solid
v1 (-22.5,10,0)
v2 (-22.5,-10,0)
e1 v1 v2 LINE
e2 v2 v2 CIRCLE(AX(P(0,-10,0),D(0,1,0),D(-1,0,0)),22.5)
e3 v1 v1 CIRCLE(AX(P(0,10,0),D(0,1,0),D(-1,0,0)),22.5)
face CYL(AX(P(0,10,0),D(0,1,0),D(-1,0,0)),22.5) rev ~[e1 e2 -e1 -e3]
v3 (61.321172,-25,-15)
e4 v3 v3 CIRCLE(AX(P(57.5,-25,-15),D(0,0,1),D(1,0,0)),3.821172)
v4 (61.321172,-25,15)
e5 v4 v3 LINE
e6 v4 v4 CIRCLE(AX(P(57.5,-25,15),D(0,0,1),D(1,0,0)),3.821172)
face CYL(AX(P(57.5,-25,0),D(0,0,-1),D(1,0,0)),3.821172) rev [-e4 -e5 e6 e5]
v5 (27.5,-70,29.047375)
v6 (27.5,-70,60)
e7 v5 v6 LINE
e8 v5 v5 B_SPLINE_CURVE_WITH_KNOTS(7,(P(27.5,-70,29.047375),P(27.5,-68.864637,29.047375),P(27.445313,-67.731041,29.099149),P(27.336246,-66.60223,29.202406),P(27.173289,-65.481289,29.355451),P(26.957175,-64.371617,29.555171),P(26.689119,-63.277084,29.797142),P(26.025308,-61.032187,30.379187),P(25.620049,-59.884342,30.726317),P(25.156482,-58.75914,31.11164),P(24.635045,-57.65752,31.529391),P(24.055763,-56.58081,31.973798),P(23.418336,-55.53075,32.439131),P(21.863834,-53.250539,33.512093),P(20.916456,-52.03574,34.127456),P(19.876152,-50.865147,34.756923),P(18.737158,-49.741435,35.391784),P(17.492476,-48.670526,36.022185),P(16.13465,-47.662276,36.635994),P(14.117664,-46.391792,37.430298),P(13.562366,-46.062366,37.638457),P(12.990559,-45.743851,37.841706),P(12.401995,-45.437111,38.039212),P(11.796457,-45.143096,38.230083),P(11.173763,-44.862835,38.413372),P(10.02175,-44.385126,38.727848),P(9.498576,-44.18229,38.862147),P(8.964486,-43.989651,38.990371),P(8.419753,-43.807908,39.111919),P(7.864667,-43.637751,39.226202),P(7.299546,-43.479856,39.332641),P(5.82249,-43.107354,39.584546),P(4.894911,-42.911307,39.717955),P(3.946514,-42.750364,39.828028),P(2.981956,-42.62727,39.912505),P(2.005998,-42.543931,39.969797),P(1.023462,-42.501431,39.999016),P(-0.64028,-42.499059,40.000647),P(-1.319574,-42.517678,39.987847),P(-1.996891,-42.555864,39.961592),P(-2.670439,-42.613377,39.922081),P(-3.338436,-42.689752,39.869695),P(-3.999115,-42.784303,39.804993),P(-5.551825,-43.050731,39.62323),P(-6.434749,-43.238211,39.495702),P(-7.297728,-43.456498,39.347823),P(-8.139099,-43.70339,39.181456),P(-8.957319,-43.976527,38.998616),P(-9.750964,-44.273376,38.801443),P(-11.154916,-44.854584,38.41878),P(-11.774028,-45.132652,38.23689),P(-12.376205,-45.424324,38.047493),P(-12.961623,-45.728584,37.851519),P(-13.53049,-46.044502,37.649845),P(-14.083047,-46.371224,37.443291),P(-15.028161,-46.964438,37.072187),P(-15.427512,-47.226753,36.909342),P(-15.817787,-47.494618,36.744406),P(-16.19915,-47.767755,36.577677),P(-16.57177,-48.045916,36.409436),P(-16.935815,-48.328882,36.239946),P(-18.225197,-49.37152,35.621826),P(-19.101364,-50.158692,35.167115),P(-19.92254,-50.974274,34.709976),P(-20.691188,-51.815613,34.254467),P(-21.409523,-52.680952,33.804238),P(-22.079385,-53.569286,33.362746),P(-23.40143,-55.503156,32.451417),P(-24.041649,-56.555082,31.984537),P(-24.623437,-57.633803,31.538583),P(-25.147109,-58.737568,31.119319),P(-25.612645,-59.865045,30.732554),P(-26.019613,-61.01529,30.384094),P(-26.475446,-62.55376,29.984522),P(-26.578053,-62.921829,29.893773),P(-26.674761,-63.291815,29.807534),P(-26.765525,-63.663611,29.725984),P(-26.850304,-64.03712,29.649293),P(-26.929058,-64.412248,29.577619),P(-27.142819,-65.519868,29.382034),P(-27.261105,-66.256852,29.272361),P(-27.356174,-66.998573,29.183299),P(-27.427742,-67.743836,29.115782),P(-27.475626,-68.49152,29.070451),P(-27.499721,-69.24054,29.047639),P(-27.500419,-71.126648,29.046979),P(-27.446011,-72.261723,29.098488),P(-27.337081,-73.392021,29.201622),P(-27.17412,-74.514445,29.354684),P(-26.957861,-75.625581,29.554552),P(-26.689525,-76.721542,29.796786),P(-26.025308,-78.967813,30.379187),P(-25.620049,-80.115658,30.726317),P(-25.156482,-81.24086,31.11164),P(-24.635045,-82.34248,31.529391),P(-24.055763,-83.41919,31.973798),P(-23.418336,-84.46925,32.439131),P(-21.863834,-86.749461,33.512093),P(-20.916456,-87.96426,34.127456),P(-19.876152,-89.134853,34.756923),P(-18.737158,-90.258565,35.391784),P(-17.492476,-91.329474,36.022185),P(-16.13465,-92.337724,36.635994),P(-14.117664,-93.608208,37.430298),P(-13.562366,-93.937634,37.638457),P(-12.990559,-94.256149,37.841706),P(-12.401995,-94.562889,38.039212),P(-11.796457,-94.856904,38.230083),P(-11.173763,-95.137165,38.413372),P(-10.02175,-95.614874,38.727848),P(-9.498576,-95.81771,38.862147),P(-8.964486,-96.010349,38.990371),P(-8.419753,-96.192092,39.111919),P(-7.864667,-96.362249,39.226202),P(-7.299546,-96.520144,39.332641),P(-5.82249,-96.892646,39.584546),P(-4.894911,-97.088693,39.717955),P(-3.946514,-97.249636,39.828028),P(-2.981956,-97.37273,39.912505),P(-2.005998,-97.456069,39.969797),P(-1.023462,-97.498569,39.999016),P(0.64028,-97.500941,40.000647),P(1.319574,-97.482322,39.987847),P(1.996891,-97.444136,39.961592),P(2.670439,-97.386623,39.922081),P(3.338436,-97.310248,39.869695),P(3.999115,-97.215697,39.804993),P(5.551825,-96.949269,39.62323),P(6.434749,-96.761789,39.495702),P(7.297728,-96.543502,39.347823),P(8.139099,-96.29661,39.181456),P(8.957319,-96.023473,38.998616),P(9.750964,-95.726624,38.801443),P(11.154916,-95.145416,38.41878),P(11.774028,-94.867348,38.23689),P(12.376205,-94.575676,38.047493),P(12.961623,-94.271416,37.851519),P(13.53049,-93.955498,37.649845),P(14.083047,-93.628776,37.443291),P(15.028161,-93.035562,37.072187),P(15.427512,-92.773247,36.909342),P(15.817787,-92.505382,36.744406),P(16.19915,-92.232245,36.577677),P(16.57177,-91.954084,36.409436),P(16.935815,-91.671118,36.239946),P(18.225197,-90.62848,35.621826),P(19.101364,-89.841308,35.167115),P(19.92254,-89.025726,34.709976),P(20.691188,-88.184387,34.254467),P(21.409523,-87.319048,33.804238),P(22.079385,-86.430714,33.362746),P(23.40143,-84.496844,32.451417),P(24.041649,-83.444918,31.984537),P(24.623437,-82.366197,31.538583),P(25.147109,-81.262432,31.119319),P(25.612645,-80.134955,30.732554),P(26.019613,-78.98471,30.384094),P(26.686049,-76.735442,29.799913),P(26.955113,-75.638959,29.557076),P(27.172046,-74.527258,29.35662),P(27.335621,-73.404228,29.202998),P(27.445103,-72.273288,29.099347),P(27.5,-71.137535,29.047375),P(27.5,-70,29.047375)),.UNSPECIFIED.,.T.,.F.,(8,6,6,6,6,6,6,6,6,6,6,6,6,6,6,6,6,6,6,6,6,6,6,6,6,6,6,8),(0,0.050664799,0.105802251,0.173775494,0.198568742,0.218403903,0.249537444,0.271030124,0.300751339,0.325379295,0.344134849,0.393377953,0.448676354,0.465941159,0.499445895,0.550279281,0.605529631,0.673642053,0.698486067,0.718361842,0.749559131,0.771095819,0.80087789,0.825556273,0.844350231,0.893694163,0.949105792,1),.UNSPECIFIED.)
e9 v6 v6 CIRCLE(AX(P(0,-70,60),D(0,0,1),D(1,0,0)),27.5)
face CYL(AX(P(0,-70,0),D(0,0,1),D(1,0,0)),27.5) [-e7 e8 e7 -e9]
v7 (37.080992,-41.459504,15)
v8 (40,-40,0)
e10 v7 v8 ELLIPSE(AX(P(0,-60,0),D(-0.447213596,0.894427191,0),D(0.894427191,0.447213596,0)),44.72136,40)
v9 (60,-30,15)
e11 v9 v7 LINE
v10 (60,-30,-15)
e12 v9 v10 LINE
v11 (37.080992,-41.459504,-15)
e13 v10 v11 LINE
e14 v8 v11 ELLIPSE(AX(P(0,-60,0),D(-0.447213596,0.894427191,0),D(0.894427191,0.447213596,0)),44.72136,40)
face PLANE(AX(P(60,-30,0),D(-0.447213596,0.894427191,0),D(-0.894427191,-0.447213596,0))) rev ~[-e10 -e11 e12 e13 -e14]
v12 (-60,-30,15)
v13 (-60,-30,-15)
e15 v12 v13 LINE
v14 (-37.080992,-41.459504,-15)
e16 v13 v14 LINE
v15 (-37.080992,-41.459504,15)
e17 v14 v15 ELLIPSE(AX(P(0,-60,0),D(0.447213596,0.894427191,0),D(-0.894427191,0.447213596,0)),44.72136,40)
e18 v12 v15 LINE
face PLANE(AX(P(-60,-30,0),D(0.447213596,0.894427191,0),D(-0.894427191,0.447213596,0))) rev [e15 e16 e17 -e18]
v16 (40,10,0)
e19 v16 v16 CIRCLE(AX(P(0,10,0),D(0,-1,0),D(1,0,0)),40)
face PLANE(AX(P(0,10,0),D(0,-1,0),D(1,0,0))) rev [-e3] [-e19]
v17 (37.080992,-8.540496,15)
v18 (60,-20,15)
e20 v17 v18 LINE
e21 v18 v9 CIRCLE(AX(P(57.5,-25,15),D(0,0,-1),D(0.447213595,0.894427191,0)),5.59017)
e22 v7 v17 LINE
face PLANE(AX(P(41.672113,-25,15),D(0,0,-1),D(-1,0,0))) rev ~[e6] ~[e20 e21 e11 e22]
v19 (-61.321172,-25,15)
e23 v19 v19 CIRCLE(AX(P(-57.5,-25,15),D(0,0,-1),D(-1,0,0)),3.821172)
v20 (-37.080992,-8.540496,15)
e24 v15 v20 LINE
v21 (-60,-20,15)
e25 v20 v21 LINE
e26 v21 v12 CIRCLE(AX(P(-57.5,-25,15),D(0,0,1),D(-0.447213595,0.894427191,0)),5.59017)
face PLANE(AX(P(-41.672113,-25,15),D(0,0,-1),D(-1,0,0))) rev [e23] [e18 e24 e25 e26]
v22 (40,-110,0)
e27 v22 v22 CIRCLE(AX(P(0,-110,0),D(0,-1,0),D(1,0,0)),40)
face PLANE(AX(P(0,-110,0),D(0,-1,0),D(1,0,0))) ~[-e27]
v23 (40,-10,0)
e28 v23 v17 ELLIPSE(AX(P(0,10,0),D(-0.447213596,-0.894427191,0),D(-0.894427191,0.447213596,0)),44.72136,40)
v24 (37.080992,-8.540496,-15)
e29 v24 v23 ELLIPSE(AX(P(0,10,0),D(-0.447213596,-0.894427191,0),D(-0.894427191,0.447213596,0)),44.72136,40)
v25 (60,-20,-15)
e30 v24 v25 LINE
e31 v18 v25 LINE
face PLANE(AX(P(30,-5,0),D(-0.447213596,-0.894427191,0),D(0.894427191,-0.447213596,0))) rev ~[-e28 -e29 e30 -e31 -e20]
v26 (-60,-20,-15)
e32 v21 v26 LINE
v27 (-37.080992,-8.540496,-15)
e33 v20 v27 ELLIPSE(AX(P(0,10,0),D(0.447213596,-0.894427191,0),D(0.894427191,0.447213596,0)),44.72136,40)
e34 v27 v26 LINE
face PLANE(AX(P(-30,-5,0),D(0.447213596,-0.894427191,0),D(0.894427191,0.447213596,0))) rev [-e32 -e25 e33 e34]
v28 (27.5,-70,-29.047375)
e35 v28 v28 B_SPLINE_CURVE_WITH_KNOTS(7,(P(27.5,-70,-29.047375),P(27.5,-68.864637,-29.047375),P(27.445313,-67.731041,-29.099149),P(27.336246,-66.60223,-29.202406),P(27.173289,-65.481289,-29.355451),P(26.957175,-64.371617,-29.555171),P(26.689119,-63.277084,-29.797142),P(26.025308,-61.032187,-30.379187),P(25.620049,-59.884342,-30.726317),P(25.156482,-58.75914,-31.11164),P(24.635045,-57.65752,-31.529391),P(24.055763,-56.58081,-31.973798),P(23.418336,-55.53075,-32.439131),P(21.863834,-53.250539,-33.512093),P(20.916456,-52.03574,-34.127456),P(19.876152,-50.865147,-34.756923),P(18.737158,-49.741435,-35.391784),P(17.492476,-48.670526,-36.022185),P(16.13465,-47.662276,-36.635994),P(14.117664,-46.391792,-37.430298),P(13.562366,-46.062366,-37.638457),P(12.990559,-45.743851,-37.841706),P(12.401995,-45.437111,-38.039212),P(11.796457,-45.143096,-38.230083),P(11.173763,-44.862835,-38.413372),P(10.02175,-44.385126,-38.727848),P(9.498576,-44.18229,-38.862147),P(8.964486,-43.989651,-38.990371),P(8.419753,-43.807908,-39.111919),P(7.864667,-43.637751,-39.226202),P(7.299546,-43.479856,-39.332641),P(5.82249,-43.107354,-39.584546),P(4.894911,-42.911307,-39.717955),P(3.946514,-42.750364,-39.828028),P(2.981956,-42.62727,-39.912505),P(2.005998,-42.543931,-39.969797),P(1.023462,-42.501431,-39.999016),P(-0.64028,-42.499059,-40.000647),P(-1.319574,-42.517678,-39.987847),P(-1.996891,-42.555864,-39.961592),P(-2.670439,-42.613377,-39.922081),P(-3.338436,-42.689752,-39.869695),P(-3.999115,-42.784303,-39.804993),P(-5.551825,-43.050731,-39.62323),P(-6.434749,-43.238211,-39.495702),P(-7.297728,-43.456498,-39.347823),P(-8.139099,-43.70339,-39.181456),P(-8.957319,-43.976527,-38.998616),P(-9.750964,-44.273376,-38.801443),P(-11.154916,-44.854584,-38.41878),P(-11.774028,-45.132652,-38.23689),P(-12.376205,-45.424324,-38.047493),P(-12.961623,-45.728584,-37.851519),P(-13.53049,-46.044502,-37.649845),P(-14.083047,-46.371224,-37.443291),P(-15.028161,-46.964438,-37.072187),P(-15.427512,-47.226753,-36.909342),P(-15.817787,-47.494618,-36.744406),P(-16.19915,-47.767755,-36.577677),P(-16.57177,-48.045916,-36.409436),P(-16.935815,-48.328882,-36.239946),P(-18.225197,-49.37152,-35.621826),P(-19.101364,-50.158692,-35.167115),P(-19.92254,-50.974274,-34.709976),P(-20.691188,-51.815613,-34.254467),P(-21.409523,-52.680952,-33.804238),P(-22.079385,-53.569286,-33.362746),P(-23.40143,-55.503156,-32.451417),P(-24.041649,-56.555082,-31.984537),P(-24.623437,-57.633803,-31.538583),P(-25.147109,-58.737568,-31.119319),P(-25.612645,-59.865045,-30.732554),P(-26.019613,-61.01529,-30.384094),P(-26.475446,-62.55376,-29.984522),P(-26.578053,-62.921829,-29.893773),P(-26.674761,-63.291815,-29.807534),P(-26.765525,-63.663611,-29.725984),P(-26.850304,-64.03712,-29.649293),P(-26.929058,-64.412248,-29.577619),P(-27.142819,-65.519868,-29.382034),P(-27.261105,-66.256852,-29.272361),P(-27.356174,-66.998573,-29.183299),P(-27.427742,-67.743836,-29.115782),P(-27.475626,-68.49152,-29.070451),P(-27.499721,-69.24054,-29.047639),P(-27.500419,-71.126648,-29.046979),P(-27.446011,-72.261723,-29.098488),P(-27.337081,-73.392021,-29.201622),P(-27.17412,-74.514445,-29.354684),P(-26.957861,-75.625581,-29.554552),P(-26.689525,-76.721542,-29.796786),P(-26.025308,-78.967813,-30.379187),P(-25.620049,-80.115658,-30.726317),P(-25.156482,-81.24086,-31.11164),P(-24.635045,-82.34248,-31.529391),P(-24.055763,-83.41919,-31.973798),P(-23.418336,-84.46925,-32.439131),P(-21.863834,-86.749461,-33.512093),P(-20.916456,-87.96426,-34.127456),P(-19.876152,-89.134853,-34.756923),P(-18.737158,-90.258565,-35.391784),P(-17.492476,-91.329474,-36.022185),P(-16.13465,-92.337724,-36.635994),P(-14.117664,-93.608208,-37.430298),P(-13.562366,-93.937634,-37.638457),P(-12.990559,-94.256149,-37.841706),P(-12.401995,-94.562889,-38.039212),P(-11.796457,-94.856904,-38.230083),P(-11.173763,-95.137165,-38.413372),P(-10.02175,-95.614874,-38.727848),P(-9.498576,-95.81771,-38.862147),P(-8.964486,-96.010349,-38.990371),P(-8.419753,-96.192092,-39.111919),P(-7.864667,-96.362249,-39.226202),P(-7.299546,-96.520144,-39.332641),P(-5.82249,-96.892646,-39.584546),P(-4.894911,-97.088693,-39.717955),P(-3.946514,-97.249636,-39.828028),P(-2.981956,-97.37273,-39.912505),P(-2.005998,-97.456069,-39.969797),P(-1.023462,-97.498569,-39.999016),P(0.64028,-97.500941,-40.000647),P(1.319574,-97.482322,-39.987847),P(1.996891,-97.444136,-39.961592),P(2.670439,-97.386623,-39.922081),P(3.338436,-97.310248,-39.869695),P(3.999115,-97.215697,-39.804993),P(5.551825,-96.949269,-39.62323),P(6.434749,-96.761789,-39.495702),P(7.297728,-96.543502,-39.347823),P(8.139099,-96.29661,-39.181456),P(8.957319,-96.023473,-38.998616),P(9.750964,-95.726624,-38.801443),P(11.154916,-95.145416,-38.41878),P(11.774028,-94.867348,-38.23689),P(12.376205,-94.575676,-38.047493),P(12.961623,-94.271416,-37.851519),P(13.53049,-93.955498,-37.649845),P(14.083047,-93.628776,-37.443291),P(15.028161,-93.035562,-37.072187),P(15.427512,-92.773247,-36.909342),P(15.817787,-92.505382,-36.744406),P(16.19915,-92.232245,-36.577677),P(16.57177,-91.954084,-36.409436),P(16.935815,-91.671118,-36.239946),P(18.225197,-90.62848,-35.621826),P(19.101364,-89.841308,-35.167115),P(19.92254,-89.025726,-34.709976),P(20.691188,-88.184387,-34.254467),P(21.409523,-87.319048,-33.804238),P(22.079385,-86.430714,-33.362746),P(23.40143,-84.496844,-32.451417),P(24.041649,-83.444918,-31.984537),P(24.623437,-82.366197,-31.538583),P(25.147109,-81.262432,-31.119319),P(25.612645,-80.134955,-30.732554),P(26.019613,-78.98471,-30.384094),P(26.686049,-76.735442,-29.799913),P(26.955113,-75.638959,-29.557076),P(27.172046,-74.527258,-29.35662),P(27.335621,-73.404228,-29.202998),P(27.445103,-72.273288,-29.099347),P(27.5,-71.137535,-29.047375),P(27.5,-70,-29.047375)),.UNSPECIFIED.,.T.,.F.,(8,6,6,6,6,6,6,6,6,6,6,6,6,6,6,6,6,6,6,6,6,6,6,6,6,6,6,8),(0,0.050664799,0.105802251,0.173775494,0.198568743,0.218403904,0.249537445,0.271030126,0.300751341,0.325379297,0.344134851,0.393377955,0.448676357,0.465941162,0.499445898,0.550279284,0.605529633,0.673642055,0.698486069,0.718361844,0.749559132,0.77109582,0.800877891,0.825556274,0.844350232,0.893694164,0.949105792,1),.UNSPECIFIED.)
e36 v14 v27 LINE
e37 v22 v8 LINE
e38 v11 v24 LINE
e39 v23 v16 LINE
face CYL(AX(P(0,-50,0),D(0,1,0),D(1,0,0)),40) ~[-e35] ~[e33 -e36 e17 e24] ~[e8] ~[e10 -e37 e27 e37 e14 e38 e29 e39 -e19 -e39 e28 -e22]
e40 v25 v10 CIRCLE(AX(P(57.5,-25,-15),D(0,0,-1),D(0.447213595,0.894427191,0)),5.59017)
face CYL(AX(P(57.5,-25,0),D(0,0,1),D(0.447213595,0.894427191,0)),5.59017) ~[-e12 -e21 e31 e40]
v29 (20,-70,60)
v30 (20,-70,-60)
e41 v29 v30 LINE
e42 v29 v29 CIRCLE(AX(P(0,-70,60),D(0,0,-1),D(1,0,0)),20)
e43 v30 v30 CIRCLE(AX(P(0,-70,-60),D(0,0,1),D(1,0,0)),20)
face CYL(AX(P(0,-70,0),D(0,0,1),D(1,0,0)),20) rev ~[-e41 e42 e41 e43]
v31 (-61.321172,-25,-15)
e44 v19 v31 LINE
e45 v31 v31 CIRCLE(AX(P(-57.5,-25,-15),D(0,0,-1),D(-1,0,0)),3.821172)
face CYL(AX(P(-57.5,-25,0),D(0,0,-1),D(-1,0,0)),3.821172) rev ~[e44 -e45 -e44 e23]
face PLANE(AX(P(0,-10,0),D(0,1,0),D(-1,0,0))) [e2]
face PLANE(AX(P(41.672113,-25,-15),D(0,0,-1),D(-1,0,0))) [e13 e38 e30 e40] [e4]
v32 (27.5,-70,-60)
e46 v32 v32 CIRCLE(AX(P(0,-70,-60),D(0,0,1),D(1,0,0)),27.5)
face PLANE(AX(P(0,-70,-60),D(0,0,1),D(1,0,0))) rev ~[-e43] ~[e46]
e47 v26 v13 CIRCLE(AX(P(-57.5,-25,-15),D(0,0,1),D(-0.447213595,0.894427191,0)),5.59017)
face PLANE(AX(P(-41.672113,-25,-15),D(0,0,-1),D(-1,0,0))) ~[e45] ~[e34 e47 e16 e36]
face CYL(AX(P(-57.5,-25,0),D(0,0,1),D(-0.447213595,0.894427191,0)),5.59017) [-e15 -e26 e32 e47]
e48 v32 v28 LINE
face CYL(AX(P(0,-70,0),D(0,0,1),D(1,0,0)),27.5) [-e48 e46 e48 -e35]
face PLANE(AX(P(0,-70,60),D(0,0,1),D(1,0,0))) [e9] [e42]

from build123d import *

# Parameters (mm, degrees)
SKETCH1_W               = 40
SKETCH1_H               = 120
SKETCH3_R               = 3.821172455
BOSS_EXTRUDE1_DEPTH     = 15
SKETCH5_R               = 27.5
BOSS_EXTRUDE2_DEPTH     = 60
SKETCH4_R               = 22.5
CUT_EXTRUDE2_DEPTH      = 20
SKETCH2_R               = 20
CUT_EXTRUDE3_DEPTH      = 61.0000001
CUT_EXTRUDE3_DEPTH_BACK = 61.0000001


with BuildPart() as part:
    # Sketch1 → Base-Revolve (revolve)
    with BuildSketch(Plane.XY):
        with Locations((20, -50)):
            Rectangle(SKETCH1_W, SKETCH1_H)
    revolve(axis=Axis((0, 300, 0), (0, -1, 0)))

    # Sketch3 → Boss-Extrude1 (add, symmetric)
    with BuildSketch(Plane.XY):
        with BuildLine():
            Line((30, -5), (60, -20))
            ThreePointArc((60, -20), (63.090169944, -25), (60, -30))
            Line((60, -30), (30, -45))
            Line((30, -45), (30, -5))
        make_face()
        with Locations((57.5, -25)):
            Circle(SKETCH3_R, mode=Mode.SUBTRACT)
    boss_extrude1 = extrude(amount=BOSS_EXTRUDE1_DEPTH, both=True)

    # Mirror1: Boss-Extrude1 across plane
    add(boss_extrude1.mirror(Plane(origin=(0, 0, 0), x_dir=(0, 0, 1), z_dir=(1, 0, 0))))

    # Sketch5 → Boss-Extrude2 (add, symmetric)
    with BuildSketch(Plane.XY):
        with Locations((0, -70)):
            Circle(SKETCH5_R)
    extrude(amount=BOSS_EXTRUDE2_DEPTH, both=True)

    # Sketch4 → Cut-Extrude2 (cut)
    with BuildSketch(Plane(origin=(0, 10, 0), x_dir=(-1, 0, 0), z_dir=(0, 1, 0))):
        Circle(SKETCH4_R)
    extrude(amount=-CUT_EXTRUDE2_DEPTH, mode=Mode.SUBTRACT)

    # Sketch2 → Cut-Extrude3 (cut, two sides)
    with BuildSketch(Plane.XY) as cut_extrude3_sk:
        with Locations((0, -70)):
            Circle(SKETCH2_R)
    extrude(amount=CUT_EXTRUDE3_DEPTH, mode=Mode.SUBTRACT)
    extrude(cut_extrude3_sk.sketch, amount=-CUT_EXTRUDE3_DEPTH_BACK, mode=Mode.SUBTRACT)


solid = part.part
